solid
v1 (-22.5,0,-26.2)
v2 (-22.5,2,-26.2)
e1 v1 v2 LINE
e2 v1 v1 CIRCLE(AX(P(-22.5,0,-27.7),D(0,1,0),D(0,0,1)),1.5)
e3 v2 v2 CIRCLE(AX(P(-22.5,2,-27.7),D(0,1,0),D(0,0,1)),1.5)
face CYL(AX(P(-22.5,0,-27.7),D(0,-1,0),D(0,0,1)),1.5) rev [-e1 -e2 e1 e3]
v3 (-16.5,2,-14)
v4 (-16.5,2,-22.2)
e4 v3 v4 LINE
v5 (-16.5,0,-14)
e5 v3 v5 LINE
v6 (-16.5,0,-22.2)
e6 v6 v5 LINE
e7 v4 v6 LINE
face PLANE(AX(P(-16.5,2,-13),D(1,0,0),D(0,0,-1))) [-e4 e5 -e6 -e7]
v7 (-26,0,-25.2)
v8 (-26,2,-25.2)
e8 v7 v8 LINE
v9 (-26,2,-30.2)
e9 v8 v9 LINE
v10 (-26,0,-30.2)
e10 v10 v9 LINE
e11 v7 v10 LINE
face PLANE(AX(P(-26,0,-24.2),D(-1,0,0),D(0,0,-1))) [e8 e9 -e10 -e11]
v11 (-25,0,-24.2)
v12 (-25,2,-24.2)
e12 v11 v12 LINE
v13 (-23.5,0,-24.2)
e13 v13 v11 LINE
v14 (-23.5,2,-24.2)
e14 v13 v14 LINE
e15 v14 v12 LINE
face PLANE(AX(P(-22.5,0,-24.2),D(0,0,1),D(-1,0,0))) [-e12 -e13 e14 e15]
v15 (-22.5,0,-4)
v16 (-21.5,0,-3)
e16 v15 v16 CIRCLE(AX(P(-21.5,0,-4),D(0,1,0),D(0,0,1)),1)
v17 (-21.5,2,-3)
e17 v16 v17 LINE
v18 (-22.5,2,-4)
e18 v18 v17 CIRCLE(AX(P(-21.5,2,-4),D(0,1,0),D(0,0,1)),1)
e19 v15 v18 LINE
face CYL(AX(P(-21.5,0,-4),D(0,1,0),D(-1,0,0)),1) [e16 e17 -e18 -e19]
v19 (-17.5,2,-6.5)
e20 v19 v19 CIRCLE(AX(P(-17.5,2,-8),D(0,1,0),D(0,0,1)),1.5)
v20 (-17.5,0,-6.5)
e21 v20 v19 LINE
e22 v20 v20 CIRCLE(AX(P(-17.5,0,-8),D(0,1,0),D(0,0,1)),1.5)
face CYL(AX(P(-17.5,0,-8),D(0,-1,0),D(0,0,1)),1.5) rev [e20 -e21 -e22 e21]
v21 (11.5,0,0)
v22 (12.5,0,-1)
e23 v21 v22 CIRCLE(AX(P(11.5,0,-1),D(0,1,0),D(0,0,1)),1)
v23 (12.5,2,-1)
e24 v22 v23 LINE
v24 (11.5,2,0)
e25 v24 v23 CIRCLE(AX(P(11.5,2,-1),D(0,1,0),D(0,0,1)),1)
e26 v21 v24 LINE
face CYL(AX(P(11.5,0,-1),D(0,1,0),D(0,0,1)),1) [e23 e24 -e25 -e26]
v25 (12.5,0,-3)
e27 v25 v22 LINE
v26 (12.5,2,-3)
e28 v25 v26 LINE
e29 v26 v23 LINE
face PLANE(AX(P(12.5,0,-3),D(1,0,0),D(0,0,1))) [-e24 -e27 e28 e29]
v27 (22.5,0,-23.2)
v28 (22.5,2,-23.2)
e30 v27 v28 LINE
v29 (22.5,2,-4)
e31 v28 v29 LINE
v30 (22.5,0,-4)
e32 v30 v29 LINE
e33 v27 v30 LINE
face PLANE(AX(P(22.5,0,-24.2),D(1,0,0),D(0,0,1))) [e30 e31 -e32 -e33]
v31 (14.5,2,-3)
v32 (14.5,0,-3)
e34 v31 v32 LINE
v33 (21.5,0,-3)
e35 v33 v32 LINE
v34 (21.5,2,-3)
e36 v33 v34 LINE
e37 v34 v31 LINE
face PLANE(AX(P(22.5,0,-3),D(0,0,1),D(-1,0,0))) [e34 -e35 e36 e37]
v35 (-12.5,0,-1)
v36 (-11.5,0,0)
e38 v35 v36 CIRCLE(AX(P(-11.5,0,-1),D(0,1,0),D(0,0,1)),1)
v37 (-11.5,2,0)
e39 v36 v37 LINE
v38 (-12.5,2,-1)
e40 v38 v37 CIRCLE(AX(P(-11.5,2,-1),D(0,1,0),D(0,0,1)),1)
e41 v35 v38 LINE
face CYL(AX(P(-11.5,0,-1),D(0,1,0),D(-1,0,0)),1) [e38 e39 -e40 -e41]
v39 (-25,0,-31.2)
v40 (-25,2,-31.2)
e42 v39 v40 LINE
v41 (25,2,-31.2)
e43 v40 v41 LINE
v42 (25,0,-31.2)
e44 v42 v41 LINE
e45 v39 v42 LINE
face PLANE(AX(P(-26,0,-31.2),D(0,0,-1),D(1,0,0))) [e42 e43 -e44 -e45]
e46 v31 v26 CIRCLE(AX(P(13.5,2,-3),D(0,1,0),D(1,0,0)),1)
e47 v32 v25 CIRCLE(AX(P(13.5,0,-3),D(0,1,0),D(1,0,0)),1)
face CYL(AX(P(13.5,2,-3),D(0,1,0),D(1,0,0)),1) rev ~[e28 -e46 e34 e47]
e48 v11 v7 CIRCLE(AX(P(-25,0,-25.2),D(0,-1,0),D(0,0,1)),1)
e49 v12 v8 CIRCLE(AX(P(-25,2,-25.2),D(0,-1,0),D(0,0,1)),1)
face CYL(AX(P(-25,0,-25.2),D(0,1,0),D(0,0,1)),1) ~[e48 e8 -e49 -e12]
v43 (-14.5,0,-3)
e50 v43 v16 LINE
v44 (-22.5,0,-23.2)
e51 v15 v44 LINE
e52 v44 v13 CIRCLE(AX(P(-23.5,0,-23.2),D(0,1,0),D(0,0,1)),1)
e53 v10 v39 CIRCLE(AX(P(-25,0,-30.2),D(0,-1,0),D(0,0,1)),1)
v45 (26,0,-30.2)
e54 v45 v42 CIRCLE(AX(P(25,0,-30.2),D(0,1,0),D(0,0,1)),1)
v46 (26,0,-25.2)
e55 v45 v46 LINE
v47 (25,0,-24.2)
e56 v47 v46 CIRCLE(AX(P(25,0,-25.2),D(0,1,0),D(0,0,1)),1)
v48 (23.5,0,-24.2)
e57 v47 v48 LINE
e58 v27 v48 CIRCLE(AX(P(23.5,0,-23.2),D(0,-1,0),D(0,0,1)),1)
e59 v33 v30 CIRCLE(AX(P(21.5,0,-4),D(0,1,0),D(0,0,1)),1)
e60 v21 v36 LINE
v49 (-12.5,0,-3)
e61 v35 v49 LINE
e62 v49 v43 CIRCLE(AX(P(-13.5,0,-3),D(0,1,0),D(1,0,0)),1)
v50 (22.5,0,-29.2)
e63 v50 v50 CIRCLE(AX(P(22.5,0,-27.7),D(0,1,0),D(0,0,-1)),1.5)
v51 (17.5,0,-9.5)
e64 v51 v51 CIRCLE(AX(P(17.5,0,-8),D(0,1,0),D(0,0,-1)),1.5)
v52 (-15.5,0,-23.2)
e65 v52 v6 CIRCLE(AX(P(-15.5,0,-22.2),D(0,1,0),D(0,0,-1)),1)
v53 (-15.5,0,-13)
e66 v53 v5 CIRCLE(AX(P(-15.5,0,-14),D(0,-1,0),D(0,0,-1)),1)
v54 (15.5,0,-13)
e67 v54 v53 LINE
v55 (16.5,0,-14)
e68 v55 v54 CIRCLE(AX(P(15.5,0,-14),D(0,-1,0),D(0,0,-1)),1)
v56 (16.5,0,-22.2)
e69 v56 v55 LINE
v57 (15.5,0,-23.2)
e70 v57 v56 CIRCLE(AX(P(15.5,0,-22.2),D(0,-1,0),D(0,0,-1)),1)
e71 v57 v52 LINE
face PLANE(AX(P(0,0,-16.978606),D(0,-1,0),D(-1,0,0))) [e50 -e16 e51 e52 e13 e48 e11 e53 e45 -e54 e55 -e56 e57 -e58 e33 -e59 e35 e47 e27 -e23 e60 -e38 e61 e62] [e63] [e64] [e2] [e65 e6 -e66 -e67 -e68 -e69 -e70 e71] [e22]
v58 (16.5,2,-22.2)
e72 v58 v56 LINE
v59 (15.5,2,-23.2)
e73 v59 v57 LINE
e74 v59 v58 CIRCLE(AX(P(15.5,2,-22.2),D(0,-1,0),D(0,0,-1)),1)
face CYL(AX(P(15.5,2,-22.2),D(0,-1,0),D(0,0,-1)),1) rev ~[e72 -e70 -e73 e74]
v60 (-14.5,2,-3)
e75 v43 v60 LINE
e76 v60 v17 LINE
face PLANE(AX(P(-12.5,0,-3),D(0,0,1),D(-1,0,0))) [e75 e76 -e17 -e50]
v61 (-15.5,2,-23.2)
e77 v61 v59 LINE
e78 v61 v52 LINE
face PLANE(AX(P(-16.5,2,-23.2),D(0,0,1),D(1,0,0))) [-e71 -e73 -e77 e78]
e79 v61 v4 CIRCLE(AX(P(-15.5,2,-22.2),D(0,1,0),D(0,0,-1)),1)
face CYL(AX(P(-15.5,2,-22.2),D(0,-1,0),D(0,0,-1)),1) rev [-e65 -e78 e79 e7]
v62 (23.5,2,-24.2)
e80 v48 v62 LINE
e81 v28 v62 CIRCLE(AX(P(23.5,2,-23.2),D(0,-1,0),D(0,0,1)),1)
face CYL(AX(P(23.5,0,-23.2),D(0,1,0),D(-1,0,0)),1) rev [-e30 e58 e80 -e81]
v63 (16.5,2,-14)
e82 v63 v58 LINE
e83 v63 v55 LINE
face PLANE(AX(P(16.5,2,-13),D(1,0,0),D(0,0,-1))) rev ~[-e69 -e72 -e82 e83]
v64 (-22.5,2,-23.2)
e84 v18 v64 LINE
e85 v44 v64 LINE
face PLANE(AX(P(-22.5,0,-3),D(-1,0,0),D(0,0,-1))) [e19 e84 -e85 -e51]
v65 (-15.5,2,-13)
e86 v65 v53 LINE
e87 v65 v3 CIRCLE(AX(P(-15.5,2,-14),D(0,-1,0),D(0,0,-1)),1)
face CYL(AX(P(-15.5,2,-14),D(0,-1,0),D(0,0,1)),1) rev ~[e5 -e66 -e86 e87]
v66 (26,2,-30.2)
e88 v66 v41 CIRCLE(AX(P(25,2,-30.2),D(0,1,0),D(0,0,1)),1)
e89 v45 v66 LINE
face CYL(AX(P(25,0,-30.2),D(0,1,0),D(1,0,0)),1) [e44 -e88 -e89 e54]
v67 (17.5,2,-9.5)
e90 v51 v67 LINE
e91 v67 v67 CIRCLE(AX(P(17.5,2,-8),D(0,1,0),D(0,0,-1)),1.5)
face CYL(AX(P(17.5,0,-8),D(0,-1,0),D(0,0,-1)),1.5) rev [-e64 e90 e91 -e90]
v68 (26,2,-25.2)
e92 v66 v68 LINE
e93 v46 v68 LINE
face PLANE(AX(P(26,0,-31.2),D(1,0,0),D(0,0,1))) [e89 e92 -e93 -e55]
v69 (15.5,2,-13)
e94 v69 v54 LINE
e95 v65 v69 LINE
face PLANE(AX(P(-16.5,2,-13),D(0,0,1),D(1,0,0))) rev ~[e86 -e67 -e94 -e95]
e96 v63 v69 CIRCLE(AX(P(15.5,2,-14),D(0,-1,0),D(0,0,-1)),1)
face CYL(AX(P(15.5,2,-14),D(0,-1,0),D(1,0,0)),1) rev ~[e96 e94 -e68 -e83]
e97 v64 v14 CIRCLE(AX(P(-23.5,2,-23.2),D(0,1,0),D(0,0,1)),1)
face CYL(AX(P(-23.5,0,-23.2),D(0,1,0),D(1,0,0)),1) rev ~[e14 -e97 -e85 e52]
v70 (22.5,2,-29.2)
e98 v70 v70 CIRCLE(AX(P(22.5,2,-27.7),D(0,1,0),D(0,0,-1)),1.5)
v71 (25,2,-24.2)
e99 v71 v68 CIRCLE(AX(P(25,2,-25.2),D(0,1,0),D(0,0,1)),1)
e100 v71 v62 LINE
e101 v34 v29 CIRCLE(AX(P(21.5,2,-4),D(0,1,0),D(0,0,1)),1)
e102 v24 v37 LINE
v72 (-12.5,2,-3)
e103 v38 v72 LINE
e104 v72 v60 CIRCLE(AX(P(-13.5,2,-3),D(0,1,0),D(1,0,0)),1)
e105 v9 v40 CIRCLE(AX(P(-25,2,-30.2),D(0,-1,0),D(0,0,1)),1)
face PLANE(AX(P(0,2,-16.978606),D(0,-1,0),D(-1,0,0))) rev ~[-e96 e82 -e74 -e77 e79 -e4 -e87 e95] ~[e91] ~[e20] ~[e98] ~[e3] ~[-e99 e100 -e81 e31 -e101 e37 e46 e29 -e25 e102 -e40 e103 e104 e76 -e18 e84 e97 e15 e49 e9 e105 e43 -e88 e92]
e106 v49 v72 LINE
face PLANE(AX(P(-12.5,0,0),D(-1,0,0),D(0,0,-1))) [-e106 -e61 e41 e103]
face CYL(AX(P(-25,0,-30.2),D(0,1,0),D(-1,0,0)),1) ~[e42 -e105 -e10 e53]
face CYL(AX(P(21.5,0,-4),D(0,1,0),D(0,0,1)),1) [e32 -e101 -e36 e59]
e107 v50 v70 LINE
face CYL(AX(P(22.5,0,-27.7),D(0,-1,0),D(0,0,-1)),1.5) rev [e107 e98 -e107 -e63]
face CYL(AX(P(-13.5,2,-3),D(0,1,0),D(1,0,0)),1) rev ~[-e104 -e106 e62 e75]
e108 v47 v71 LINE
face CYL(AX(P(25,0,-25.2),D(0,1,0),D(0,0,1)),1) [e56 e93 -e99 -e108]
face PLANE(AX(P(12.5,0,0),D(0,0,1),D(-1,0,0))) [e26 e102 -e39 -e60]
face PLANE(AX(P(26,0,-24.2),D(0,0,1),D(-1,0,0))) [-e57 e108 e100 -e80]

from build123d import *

# Parameters (mm, degrees)
SKETCH_1_R          = 1.5
EXTRUDE_1_DEPTH     = 2
SKETCH_2_R          = 1
SKETCH_2_W          = 33
SKETCH_2_H          = 10.2
CUT_EXTRUDE_1_DEPTH = 41.662513449
FILLET_1_R          = 1


with BuildPart() as part:
    # 草图1 → 凸台-拉伸1 (new body)
    with BuildSketch(Plane(origin=(0, 0, 0), x_dir=(1, 0, 0), z_dir=(0, 1, 0))):
        Polygon((-22.5, 3), (-22.5, 24.2), (-26, 24.2), (-26, 31.2), (26, 31.2), (26, 24.2), (22.5, 24.2), (22.5, 3), (12.5, 3), (12.5, 0), (-12.5, 0), (-12.5, 3), align=None)
        with Locations(Location((-22.5, 27.7, 0), (0, 0, 270))):
            Circle(SKETCH_1_R, mode=Mode.SUBTRACT)
        with Locations(Location((22.5, 27.7, 0), (0, 0, 90))):
            Circle(SKETCH_1_R, mode=Mode.SUBTRACT)
        with Locations(Location((-17.5, 8, 0), (0, 0, 270))):
            Circle(SKETCH_1_R, mode=Mode.SUBTRACT)
        with Locations(Location((17.5, 8, 0), (0, 0, 90))):
            Circle(SKETCH_1_R, mode=Mode.SUBTRACT)
    extrude(amount=EXTRUDE_1_DEPTH)

    # 草图2 → 切除-拉伸1 (cut, through all)
    with BuildSketch(Plane(origin=(0, 2, 0), x_dir=(1, 0, 0), z_dir=(0, 1, 0))):
        with Locations((-13.5, 3)):
            Circle(SKETCH_2_R)
        with Locations((13.5, 3)):
            Circle(SKETCH_2_R)
        with Locations((0, 18.1)):
            Rectangle(SKETCH_2_W, SKETCH_2_H)
    extrude(amount=-CUT_EXTRUDE_1_DEPTH, mode=Mode.SUBTRACT)

    # 圆角1
    fillet_1_edges = [part.edges().sort_by_distance(p)[0] for p in [
        (26, 1, -24.2),
        (22.5, 1, -24.2),
        (22.5, 1, -3),
        (12.5, 1, 0),
        (-12.5, 1, 0),
        (-22.5, 1, -3),
        (-22.5, 1, -24.2),
        (-26, 1, -24.2),
        (-26, 1, -31.2),
        (26, 1, -31.2),
        (-16.5, 1, -13),
        (-16.5, 1, -23.2),
        (16.5, 1, -23.2),
        (16.5, 1, -13),
    ]]
    fillet(fillet_1_edges, radius=FILLET_1_R)


solid = part.part
